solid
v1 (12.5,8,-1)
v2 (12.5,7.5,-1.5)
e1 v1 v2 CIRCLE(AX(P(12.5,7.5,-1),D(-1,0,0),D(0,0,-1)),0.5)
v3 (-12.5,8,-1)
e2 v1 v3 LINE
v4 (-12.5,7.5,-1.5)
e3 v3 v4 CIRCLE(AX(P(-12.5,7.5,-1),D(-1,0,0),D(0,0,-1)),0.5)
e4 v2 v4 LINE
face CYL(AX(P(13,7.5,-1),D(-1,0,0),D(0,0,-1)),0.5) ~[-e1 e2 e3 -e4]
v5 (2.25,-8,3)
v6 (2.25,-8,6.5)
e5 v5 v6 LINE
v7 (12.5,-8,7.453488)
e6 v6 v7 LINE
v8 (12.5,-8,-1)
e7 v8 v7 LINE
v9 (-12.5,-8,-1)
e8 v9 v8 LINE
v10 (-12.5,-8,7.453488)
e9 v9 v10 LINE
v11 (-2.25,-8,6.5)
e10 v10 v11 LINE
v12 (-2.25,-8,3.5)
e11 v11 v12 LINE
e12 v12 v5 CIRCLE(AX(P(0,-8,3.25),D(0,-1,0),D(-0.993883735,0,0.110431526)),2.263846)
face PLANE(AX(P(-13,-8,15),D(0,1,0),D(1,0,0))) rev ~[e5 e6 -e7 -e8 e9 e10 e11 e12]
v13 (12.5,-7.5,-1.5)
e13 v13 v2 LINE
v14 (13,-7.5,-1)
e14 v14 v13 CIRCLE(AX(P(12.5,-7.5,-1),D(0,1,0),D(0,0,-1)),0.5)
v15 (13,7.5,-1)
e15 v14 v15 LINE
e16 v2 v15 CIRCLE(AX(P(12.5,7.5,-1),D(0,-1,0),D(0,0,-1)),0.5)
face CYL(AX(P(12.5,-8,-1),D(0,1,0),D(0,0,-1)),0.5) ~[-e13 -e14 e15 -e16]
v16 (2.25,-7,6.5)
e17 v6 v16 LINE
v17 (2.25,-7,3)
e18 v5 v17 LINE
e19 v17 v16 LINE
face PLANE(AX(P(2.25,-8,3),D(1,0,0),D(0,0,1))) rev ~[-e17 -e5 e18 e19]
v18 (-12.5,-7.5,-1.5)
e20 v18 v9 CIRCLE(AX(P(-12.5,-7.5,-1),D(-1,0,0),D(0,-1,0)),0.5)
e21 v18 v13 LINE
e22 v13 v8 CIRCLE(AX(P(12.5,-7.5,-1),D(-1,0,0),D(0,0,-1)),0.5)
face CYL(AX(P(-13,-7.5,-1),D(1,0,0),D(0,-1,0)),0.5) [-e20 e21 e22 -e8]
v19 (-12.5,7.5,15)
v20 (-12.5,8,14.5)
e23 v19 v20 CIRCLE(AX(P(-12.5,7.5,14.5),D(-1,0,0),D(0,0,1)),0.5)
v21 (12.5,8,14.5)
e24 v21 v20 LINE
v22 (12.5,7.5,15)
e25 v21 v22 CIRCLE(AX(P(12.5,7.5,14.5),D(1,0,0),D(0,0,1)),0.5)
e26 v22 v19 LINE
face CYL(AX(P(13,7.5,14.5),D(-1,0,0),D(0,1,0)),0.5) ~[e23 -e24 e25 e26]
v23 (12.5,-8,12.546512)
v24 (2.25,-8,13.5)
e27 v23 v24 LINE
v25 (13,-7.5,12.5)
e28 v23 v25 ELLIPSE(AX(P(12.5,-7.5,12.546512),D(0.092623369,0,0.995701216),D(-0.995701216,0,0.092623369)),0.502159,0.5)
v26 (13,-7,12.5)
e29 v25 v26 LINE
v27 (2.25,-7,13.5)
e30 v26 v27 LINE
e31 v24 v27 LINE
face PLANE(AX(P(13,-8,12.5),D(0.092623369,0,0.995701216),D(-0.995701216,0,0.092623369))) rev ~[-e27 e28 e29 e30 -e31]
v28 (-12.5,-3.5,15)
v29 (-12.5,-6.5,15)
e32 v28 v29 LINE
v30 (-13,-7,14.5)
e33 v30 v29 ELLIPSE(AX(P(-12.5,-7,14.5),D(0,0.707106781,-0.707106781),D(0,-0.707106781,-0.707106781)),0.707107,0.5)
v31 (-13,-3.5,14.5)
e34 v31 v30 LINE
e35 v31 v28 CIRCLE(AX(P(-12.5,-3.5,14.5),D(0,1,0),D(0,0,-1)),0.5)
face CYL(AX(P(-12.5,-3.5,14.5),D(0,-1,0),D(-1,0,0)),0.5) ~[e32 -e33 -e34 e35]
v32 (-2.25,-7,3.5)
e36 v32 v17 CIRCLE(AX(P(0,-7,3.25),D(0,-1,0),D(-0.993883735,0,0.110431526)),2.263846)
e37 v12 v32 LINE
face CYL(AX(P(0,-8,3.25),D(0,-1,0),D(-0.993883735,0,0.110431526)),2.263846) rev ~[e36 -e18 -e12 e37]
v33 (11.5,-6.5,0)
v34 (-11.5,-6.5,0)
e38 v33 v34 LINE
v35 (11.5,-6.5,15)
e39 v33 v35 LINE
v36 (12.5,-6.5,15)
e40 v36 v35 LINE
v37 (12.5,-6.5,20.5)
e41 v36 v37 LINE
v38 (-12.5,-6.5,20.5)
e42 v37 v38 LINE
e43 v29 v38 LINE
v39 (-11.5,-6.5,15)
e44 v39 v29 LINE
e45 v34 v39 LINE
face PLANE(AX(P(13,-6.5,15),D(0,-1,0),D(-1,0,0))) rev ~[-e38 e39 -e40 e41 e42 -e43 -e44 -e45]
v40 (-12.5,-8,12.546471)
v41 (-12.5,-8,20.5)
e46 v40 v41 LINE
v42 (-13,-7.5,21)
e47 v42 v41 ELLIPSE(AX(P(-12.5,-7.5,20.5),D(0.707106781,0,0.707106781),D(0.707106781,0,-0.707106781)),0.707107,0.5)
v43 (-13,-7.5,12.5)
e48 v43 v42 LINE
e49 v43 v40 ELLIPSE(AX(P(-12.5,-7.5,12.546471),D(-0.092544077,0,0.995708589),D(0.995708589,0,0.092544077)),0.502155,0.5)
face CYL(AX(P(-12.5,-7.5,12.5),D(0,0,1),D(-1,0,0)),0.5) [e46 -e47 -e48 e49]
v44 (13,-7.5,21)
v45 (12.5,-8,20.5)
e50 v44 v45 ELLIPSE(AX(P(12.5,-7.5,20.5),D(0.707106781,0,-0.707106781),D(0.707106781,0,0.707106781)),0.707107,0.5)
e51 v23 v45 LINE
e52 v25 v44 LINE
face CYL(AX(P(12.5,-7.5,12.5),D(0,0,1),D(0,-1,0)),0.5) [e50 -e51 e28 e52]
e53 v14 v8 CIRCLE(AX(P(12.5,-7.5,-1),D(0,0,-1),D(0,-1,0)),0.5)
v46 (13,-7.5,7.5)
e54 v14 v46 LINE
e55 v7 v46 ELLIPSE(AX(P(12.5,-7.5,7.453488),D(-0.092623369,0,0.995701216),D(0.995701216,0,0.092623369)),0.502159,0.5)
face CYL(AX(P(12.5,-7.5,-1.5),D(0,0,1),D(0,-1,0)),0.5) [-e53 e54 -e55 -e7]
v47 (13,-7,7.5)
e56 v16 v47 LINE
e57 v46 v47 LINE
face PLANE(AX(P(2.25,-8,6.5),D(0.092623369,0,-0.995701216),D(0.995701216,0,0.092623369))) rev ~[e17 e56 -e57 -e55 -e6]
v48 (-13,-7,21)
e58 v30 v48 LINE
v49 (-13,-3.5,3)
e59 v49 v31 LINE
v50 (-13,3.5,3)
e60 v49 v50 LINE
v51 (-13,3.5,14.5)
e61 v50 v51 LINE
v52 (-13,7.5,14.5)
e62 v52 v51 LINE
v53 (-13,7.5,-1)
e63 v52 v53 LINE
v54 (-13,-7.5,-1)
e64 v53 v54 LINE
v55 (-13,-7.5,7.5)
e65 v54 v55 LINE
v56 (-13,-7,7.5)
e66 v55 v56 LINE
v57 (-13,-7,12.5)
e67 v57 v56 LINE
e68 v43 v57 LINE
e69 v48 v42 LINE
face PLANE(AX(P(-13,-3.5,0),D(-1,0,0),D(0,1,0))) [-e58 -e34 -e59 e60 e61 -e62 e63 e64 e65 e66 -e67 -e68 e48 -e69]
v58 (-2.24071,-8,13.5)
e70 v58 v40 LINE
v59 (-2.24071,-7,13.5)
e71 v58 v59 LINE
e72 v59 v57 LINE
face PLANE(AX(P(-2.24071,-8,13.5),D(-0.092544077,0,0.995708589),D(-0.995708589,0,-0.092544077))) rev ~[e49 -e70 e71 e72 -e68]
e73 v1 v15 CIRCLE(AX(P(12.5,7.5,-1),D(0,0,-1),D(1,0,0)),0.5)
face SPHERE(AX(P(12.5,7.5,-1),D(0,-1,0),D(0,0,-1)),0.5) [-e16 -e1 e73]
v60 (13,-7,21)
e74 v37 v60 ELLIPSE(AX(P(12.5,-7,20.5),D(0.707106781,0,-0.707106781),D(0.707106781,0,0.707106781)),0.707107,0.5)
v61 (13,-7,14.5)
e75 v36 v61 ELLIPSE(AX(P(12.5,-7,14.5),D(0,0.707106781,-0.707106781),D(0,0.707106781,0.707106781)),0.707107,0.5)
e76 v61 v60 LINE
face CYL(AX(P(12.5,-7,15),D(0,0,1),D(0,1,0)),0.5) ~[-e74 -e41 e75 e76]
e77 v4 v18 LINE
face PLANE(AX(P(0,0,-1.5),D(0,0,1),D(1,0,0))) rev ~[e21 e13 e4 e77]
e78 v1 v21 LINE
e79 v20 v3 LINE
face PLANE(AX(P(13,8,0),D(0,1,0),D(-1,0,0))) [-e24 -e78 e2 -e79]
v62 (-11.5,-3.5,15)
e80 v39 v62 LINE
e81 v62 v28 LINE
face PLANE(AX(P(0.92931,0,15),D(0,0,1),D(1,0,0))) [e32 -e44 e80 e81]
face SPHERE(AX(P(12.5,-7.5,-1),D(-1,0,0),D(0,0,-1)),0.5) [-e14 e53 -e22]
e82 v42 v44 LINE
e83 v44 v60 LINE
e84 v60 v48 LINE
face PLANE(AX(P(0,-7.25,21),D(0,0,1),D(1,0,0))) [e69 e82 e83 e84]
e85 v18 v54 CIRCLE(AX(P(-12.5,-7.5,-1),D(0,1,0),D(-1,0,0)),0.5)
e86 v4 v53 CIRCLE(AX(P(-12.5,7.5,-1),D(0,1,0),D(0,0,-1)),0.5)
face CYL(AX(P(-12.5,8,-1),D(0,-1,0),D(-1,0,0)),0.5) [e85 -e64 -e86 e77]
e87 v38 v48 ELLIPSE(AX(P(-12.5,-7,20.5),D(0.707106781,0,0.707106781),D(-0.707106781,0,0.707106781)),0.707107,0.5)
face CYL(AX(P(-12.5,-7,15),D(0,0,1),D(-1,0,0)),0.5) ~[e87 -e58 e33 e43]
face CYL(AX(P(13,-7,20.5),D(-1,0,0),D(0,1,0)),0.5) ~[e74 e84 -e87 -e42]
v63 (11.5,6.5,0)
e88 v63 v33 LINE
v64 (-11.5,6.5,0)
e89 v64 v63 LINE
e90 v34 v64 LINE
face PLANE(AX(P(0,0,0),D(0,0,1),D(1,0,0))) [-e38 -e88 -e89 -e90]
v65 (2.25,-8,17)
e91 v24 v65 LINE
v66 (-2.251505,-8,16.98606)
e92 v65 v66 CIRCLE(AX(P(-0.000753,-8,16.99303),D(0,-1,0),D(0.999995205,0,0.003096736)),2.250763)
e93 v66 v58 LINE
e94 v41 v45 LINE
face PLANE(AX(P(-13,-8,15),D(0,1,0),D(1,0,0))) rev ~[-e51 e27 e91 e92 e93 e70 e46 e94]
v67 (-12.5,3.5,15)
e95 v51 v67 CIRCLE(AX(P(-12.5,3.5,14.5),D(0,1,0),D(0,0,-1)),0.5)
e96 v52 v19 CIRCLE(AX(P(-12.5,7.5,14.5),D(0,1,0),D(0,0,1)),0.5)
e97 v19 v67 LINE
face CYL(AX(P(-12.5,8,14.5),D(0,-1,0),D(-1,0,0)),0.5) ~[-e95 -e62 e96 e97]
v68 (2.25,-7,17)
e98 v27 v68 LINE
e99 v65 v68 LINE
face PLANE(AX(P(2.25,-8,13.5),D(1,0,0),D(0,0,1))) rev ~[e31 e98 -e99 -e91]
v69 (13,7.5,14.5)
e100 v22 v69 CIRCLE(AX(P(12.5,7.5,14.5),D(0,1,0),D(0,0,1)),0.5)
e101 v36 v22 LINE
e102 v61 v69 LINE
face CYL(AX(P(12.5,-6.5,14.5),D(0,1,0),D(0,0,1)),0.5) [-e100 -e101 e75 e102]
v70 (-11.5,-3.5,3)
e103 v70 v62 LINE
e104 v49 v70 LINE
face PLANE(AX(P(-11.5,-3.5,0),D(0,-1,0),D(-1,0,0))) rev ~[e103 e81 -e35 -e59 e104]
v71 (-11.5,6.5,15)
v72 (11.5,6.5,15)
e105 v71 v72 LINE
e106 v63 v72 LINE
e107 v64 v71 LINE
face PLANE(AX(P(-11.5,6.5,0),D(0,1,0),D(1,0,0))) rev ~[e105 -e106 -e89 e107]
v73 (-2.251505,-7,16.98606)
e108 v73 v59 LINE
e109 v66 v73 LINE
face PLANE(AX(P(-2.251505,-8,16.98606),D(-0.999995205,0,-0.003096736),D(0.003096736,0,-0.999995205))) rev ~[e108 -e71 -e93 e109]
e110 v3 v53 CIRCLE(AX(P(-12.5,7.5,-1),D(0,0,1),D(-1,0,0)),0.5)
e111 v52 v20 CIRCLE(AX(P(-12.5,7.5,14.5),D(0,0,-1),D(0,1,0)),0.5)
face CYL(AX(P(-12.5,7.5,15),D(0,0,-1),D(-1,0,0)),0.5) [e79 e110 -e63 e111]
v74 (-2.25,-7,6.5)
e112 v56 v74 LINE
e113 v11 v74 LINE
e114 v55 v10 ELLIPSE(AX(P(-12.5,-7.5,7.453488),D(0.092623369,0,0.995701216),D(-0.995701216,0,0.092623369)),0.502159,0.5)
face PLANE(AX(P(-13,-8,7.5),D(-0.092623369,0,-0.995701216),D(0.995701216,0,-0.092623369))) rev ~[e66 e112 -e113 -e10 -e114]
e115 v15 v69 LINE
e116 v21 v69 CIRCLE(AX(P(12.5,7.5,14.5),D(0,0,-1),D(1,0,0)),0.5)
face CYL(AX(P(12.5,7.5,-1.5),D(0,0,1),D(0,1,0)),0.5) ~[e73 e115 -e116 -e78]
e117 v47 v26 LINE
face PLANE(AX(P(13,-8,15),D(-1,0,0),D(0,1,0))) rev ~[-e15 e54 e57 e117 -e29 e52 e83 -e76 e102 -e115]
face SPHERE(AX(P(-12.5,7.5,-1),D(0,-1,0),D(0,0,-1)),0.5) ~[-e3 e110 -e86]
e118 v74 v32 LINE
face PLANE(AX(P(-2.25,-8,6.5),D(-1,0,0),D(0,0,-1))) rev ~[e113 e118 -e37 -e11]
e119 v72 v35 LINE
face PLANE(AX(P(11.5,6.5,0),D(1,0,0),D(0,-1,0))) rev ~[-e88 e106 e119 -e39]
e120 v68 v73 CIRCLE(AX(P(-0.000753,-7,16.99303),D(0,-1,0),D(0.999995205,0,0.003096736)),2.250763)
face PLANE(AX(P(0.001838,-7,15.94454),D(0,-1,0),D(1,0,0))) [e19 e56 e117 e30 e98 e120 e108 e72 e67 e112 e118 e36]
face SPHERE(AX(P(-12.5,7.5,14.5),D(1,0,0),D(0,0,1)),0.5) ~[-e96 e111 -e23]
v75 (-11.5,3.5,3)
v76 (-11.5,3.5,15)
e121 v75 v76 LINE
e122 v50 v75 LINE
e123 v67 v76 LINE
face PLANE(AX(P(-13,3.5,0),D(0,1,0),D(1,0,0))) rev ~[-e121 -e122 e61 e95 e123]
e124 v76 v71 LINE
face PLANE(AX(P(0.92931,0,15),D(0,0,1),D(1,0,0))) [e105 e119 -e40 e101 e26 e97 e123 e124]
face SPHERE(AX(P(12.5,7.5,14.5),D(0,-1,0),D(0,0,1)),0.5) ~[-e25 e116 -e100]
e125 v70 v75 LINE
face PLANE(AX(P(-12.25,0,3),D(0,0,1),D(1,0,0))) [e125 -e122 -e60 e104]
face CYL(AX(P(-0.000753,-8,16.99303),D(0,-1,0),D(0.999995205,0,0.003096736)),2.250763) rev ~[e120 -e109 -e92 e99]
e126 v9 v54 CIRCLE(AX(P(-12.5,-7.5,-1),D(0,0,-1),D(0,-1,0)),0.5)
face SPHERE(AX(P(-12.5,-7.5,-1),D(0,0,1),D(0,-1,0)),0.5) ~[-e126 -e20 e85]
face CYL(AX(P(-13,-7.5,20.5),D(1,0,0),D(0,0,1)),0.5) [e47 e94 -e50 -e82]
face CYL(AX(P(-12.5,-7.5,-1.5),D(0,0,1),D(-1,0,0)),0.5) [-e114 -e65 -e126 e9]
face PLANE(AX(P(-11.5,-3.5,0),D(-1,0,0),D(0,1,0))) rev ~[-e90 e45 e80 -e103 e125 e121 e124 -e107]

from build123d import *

# Parameters (mm, degrees)
F1_DEPTH = 15
F0_W     = 1.5
F0_H     = 7
F2_DEPTH = 1.5
F4_DEPTH = 6
F5_DEPTH = 3
F7_DEPTH = 1
F8_R     = 0.5


with BuildPart() as f1:
    # F0 (on Top) → F1 (new body)
    with BuildSketch(Plane.XY):
        Polygon((13, -8), (13, 8), (-13, 8), (-13, 3.5), (-11.5, 3.5), (-11.5, 6.5), (11.5, 6.5), (11.5, -6.5), (-11.5, -6.5), (-11.5, -3.5), (-13, -3.5), (-13, -8), align=None)
    extrude(amount=F1_DEPTH)

    # F0 (on Top) → F2 (join)
    with BuildSketch(Plane.XY):
        Polygon((-11.5, 6.5), (-11.5, 3.5), (-11.5, -3.5), (-11.5, -6.5), (11.5, -6.5), (11.5, 6.5), align=None)
        Polygon((13, -8), (13, 8), (-13, 8), (-13, 3.5), (-11.5, 3.5), (-11.5, 6.5), (11.5, 6.5), (11.5, -6.5), (-11.5, -6.5), (-11.5, -3.5), (-13, -3.5), (-13, -8), align=None)
        with Locations((-12.25, 0)):
            Rectangle(F0_W, F0_H)
    extrude(amount=-F2_DEPTH)

    # F3 (on face) → F4 (join)
    with BuildSketch(Plane.XY.offset(15)):
        Polygon((11.5, -6.5), (-11.5, -6.5), (-13, -6.5), (-13, -8), (13, -8), (13, -6.5), align=None)
    extrude(amount=F4_DEPTH)

    # F0 (on Top) → F5 (join)
    with BuildSketch(Plane.XY):
        with Locations((-12.25, 0)):
            Rectangle(F0_W, F0_H)
    extrude(amount=F5_DEPTH)

    # F6 (on face) → F7 (cut)
    with BuildSketch(Plane.XZ.offset(8)):
        with BuildLine():
            Line((-2.2407097466, 13.5), (2.25, 13.5))
            Line((2.25, 13.5), (2.25, 17))
            ThreePointArc((2.25, 17), (-0.0077226241, 19.2437825827), (-2.2515052067, 16.9860599586))
            Line((-2.2515052067, 16.9860599586), (-2.2407097466, 13.5))
        make_face()
        Polygon((13, 12.5), (2.25, 13.5), (-2.2407097466, 13.5), (-13, 12.5), (-13, 7.5), (-2.25, 6.5), (2.25, 6.5), (13, 7.5), align=None)
        with BuildLine():
            Line((2.25, 3), (2.25, 6.5))
            Line((2.25, 6.5), (-2.25, 6.5))
            Line((-2.25, 6.5), (-2.25, 3.5))
            ThreePointArc((-2.25, 3.5), (-0.25, 1), (2.25, 3))
        make_face()
    extrude(amount=-F7_DEPTH, mode=Mode.SUBTRACT)

    # F8
    f8_edges = [f1.edges().sort_by_distance(p)[0] for p in [
        (13, 0.75, 15),
        (0, 8, 15),
        (-13, 5.75, 15),
        (-13, -5, 15),
        (13, -6.5, 18),
        (0, -6.5, 21),
        (-13, -8, 3),
        (0, -8, -1.5),
        (-13, 0, -1.5),
        (13, 0, -1.5),
        (0, 8, -1.5),
        (13, 8, 6.75),
        (-13, 8, 6.75),
        (0, -8, 21),
        (-13, -8, 16.75),
        (-13, -6.5, 18),
        (13, -8, 16.75),
        (13, -8, 3),
    ]]
    fillet(f8_edges, radius=F8_R)


solid = f1.part
